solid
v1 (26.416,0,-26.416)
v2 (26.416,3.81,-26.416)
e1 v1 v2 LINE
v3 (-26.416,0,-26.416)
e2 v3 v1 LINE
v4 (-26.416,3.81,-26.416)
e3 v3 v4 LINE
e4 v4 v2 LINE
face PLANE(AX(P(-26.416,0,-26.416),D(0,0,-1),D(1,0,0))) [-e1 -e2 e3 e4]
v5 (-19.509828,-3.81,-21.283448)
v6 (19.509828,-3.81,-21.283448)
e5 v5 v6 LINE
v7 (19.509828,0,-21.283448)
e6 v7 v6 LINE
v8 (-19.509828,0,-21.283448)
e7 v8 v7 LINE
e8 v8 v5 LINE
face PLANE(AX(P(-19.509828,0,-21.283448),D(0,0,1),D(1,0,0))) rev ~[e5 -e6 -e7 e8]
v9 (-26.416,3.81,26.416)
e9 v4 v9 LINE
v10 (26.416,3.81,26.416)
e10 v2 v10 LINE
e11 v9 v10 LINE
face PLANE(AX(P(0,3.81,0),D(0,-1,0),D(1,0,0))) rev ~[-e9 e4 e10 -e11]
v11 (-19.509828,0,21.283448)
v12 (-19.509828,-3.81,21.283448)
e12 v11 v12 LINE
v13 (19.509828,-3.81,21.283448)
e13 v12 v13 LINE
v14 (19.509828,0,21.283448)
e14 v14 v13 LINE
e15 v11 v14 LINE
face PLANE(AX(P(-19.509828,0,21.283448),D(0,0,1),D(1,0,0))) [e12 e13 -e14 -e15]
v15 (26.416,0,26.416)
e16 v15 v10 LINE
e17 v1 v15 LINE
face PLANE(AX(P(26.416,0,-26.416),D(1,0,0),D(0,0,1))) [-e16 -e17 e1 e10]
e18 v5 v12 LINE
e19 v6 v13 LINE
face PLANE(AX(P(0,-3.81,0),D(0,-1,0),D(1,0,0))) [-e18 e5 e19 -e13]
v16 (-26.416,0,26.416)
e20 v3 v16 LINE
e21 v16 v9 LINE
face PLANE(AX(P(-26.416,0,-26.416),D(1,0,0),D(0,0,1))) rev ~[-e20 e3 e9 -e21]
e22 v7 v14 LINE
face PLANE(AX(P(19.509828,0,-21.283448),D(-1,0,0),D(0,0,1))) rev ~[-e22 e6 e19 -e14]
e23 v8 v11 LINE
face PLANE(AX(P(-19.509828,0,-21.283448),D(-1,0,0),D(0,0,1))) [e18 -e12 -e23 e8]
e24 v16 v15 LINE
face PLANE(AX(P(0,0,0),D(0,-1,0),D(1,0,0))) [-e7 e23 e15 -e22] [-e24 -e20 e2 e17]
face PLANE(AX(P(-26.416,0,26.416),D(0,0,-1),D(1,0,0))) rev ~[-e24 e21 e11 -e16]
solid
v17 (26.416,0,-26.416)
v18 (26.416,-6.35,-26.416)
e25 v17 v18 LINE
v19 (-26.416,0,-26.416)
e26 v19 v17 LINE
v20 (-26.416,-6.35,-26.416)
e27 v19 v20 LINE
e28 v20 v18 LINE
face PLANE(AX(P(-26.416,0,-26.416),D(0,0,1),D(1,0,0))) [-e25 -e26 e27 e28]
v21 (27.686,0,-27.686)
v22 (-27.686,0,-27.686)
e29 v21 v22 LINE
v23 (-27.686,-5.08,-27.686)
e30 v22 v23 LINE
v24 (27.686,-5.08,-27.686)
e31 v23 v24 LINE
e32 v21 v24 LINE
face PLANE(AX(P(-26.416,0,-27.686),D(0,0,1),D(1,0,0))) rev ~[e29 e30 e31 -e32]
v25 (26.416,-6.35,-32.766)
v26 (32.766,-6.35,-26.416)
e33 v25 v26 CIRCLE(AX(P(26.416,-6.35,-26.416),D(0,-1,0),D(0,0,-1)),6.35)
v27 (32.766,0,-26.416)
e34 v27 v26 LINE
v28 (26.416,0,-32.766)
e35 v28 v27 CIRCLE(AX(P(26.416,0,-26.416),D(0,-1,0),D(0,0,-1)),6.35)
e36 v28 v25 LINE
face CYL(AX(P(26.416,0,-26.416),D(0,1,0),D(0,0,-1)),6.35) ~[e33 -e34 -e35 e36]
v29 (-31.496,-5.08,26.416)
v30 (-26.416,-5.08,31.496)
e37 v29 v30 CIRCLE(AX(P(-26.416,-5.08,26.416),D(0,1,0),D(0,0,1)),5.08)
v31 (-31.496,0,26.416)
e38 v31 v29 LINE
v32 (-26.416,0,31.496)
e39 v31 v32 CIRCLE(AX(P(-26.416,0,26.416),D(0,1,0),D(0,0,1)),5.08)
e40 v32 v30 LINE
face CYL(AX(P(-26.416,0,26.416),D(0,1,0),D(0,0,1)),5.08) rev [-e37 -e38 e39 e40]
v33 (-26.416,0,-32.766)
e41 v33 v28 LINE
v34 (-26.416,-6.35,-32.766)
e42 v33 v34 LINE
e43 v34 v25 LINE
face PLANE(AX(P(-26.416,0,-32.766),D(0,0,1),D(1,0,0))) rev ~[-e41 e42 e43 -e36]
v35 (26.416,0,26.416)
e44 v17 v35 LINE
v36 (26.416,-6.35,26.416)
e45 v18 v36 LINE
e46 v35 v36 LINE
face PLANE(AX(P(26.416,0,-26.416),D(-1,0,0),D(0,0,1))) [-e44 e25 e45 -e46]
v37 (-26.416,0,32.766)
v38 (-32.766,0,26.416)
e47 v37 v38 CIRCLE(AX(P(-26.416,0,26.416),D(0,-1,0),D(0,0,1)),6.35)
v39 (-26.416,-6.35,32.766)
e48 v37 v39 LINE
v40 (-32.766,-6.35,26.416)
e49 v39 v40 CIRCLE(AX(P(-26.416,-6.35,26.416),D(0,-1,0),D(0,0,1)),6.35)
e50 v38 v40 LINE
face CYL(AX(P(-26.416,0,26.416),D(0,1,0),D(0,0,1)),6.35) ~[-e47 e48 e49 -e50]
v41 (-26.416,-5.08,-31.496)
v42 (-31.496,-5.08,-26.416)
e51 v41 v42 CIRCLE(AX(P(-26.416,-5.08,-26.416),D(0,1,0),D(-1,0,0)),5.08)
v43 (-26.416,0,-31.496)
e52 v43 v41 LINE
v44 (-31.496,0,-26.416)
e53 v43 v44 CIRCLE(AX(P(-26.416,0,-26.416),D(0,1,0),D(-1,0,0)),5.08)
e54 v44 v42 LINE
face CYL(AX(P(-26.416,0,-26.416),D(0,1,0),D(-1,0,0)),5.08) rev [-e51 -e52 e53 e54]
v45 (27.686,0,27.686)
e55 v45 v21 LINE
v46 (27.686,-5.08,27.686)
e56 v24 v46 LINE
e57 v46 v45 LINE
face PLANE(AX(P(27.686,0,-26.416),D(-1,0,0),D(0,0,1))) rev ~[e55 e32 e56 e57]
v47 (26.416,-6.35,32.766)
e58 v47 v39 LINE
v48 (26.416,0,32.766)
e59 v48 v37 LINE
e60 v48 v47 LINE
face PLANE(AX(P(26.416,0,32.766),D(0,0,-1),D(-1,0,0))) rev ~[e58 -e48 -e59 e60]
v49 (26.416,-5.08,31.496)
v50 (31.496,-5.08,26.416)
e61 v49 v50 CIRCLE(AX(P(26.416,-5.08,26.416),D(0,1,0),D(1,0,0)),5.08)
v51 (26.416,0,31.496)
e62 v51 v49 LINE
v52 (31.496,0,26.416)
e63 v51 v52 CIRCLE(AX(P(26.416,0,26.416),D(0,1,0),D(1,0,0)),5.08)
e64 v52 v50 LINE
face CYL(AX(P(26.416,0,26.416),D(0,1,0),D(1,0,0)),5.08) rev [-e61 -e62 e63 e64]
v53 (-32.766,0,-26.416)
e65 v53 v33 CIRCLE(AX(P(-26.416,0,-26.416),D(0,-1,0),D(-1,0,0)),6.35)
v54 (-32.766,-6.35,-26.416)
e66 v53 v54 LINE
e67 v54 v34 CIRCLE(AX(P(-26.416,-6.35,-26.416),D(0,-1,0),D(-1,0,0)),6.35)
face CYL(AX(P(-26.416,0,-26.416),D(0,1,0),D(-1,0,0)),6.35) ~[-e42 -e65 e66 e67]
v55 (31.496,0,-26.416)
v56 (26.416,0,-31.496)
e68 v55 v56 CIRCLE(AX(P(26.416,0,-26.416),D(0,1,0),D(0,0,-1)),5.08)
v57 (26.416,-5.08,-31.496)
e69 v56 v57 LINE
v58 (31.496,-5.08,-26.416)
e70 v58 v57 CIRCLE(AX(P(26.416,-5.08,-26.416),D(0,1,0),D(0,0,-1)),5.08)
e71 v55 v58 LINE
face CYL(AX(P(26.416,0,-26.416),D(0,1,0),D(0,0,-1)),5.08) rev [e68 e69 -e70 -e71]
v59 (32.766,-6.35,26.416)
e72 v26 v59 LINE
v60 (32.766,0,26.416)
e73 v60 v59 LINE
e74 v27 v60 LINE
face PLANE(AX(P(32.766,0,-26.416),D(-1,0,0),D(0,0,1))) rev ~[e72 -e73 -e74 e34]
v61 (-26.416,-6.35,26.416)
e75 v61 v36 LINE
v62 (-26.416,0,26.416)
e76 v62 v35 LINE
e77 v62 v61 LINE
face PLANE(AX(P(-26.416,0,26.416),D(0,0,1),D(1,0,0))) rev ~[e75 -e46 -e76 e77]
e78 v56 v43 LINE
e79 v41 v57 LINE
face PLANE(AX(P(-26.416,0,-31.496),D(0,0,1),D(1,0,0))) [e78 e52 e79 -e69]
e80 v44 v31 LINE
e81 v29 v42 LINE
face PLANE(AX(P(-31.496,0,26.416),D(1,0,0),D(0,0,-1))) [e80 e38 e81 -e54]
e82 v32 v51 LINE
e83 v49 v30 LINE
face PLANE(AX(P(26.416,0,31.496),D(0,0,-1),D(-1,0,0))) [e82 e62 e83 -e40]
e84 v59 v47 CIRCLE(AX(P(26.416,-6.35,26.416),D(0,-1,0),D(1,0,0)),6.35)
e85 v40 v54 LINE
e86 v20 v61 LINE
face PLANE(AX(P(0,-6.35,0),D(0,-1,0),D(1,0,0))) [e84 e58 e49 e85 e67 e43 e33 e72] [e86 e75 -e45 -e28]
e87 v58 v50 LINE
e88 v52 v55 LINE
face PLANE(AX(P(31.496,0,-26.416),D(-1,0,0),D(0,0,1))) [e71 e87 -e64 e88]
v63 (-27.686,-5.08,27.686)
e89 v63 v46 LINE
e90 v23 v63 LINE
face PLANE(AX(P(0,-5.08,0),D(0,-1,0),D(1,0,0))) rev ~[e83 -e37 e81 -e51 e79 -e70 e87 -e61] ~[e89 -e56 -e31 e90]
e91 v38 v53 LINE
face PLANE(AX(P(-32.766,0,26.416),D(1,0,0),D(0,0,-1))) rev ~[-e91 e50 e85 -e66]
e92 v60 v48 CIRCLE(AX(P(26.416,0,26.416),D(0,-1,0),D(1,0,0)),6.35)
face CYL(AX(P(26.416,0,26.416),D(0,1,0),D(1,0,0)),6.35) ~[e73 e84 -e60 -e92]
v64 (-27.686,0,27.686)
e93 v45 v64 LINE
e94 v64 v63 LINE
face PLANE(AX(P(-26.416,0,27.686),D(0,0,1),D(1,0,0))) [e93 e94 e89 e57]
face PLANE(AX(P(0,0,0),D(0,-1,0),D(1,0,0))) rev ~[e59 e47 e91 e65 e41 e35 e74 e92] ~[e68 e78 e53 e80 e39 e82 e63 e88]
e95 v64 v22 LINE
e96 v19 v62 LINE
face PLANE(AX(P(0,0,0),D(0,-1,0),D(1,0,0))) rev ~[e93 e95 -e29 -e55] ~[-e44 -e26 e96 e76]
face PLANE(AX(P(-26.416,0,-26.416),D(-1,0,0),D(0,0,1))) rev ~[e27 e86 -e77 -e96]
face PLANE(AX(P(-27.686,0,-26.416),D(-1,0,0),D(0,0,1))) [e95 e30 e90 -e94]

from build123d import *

# Parameters (mm, degrees)
F0_W     = 52.832
F0_H     = 52.832
F1_DEPTH = 6.35
F0_W_2   = 39.0196554363
F0_H_2   = 42.5668954849
F2_DEPTH = 3.81
F3_DEPTH = 3.81
F4_T     = -1.27


with BuildPart() as f1:
    # F0 (on Front) → F1 (new body)
    with BuildSketch(Plane.XZ):
        with BuildLine():
            ThreePointArc((-32.766, -26.416), (-30.9061280605, -30.9061280605), (-26.416, -32.766))
            Line((-26.416, -32.766), (26.416, -32.766))
            ThreePointArc((26.416, -32.766), (30.9061280605, -30.9061280605), (32.766, -26.416))
            Line((32.766, -26.416), (32.766, 26.416))
            ThreePointArc((32.766, 26.416), (30.9061280605, 30.9061280605), (26.416, 32.766))
            Line((26.416, 32.766), (-26.416, 32.766))
            ThreePointArc((-26.416, 32.766), (-30.9061280605, 30.9061280605), (-32.766, 26.416))
            Line((-32.766, 26.416), (-32.766, -26.416))
        make_face()
        Rectangle(F0_W, F0_H, mode=Mode.SUBTRACT)
    extrude(amount=F1_DEPTH)

    # F4
    f4_openings = [f1.faces().sort_by_distance(p)[0] for p in [
        (-30.250808, 0, -30.250808),
    ]]
    offset(amount=F4_T, openings=f4_openings, kind=Kind.INTERSECTION)


with BuildPart() as f2:
    # F0 (on Front) → F2 (new body)
    with BuildSketch(Plane.XZ):
        Rectangle(F0_W, F0_H)
        Rectangle(F0_W_2, F0_H_2, mode=Mode.SUBTRACT)
        Rectangle(F0_W_2, F0_H_2)
    extrude(amount=-F2_DEPTH)

    # F0 (on Front) → F3 (join)
    with BuildSketch(Plane.XZ):
        Rectangle(F0_W_2, F0_H_2)
    extrude(amount=F3_DEPTH)


solid = Compound([f1.part, f2.part])
